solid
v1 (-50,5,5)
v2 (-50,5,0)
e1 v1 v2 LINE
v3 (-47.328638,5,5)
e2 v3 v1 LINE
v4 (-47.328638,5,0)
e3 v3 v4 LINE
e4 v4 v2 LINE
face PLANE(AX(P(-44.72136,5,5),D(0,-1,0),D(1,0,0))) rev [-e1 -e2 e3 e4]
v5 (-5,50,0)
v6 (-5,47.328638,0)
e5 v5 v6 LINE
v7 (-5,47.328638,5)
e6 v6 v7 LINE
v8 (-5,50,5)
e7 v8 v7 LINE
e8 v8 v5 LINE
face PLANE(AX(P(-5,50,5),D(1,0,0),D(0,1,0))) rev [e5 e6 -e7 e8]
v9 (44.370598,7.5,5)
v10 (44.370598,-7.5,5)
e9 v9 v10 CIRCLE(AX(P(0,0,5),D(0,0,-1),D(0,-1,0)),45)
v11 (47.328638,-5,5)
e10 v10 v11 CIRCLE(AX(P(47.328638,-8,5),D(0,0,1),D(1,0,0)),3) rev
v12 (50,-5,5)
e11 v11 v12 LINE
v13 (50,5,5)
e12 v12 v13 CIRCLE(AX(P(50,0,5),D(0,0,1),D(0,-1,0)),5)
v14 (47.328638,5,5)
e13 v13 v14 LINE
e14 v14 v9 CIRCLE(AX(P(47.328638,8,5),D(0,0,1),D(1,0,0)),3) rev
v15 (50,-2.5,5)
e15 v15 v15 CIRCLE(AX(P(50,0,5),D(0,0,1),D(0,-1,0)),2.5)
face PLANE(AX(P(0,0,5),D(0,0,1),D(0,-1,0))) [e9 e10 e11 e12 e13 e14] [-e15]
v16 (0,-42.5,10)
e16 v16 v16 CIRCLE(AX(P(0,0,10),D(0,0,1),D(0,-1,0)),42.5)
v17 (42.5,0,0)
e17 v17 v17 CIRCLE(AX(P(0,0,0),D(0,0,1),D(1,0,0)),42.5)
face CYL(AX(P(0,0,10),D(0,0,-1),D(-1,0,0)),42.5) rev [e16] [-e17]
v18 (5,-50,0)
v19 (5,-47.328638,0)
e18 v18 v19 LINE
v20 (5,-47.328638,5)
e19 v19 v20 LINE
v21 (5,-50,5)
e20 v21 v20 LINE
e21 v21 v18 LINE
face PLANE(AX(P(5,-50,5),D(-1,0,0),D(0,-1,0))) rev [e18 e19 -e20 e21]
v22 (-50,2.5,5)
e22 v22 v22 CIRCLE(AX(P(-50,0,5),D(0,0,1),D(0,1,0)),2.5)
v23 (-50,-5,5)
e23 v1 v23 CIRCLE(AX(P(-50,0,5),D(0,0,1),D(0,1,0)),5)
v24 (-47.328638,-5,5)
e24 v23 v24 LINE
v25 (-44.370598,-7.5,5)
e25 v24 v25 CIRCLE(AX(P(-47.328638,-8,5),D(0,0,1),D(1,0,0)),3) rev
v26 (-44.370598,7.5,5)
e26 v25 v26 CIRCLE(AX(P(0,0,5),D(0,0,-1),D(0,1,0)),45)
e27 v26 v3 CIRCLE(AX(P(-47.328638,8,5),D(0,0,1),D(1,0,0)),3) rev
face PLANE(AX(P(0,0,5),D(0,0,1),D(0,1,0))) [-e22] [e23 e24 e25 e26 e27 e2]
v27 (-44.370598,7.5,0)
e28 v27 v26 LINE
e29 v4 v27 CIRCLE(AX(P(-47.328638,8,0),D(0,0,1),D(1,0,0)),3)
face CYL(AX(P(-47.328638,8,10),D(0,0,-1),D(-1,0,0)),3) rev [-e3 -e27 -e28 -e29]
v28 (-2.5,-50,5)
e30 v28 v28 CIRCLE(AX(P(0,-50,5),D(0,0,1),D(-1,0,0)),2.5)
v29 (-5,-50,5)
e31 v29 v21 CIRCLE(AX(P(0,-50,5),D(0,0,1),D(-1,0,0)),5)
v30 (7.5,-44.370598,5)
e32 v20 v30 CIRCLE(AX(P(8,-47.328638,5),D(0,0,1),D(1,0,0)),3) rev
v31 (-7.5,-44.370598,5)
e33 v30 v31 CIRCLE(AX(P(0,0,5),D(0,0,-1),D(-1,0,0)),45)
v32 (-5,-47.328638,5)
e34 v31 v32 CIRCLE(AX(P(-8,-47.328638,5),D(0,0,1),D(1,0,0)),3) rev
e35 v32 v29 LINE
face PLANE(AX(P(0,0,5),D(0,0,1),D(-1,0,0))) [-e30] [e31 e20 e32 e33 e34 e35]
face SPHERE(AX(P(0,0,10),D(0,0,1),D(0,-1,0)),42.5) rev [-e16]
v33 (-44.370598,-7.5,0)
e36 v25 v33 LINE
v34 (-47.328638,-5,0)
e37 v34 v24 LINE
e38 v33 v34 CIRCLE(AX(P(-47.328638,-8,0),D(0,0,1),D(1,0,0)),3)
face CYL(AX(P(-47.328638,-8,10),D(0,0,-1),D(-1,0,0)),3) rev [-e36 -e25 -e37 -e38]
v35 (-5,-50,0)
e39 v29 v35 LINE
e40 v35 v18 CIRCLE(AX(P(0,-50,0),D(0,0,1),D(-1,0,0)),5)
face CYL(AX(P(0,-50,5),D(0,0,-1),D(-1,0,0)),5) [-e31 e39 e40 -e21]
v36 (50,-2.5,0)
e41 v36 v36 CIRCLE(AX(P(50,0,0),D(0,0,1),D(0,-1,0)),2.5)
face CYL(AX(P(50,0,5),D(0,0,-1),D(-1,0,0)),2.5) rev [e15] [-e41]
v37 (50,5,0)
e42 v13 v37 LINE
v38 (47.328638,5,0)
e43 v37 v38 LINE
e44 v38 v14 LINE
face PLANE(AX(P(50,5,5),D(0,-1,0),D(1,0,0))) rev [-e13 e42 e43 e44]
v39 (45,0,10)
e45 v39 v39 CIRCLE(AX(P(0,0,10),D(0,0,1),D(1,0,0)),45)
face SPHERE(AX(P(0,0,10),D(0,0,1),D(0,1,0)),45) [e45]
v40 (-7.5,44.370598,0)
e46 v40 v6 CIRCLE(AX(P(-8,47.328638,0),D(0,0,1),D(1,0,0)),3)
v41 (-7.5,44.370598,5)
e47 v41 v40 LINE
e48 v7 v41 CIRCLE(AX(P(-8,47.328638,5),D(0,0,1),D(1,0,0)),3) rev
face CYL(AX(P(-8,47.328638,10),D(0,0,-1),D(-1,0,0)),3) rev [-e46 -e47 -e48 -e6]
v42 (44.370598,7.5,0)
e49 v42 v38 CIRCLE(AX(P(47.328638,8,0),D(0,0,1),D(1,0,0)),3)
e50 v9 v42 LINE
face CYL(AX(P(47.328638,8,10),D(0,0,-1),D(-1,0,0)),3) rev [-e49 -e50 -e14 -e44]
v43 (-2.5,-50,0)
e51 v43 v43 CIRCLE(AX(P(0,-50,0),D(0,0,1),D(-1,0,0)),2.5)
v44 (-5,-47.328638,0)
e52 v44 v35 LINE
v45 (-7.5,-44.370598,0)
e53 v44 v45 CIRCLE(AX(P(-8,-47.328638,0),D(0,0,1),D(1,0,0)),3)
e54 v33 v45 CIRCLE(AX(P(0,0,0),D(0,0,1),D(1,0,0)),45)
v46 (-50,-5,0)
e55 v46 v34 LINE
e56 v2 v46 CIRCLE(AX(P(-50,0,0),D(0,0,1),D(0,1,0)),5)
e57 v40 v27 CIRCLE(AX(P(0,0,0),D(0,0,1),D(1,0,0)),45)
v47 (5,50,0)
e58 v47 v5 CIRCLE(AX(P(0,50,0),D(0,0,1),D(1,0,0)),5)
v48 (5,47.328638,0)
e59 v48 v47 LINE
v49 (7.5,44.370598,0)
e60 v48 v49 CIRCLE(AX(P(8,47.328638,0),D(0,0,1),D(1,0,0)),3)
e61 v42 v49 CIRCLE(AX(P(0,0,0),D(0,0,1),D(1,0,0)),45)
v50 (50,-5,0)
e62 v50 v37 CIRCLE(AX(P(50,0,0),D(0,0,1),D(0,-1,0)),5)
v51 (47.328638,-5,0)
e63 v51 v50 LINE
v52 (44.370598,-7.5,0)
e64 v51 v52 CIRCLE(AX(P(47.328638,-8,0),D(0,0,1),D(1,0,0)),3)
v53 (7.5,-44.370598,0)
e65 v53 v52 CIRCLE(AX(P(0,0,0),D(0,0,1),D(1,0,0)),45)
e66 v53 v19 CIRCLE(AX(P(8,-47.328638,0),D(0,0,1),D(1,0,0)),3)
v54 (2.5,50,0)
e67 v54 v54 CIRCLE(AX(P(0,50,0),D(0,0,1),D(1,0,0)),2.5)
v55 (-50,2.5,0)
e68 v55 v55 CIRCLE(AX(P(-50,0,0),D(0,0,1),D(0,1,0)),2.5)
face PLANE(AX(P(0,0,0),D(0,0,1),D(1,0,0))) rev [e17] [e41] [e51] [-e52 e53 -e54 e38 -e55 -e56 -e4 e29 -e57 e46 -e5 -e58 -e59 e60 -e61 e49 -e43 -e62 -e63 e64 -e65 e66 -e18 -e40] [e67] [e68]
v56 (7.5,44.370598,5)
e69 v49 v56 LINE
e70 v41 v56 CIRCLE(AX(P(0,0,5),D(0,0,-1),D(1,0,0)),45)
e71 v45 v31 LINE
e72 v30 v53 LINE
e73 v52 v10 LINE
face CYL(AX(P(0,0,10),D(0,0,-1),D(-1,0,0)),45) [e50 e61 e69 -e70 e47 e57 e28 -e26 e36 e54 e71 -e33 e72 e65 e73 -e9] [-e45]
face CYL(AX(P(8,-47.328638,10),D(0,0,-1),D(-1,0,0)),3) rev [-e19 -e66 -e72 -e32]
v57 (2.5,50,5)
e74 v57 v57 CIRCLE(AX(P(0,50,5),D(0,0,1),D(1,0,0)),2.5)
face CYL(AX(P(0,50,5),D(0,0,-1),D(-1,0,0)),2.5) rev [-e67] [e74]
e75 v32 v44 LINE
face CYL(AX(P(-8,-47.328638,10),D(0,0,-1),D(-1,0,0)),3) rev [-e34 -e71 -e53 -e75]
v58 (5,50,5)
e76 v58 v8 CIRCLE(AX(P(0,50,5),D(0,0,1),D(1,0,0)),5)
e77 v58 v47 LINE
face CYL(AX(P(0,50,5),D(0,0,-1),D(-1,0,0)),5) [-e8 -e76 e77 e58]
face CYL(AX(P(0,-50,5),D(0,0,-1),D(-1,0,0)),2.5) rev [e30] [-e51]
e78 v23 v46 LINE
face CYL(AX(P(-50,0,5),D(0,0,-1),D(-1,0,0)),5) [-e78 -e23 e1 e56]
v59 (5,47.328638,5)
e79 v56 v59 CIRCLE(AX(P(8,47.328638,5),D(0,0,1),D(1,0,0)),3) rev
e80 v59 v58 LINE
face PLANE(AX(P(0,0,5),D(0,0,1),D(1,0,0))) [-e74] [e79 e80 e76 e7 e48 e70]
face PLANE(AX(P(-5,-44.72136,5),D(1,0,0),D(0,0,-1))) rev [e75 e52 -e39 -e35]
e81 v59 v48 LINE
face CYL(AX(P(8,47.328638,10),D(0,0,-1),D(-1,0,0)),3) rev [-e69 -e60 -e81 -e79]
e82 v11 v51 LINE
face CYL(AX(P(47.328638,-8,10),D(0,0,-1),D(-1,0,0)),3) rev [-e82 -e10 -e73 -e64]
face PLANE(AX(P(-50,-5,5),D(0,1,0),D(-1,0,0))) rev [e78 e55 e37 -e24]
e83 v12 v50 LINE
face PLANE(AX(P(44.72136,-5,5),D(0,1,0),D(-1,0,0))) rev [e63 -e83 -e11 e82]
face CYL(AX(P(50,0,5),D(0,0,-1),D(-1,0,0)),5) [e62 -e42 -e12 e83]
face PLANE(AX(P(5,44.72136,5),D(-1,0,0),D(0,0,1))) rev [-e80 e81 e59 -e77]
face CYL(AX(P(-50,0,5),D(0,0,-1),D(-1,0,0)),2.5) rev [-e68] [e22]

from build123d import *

# Parameters (mm, degrees)
SKETCH1_R                = 45
SKETCH1_R_2              = 42.5
BOSS_EXTRUDE1_DEPTH      = 10
SKETCH4_R                = 2.5
BOSS_EXTRUDE2_DEPTH      = 5
FILLET1_R                = 3
CIRPATTERN1_COUNT        = 4
FILLET1_OF_CIRPATTERN1_R = 3


with BuildPart() as part:
    # Sketch1 → Boss-Extrude1 (new body)
    with BuildSketch(Plane.XY):
        Circle(SKETCH1_R)
        Circle(SKETCH1_R_2, mode=Mode.SUBTRACT)
    extrude(amount=BOSS_EXTRUDE1_DEPTH)

    # Sketch3 → Revolve1 (revolve)
    with BuildSketch(Plane(origin=(0, 0, 0), x_dir=(0, 0, -1), z_dir=(1, 0, 0))):
        with BuildLine():
            Line((-55, 0), (-52.5, 0))
            ThreePointArc((-52.5, 0), (-40.0520382, -30.0520382), (-10, -42.5))
            Line((-10, -42.5), (-10, -45))
            ThreePointArc((-10, -45), (-41.819805153, -31.819805153), (-55, 0))
        make_face()
    revolve(axis=Axis((0, 0, 55), (0, 0, -1)))

    # Sketch4 → Boss-Extrude2 (add)
    with BuildSketch(Plane.XY):
        with BuildLine():
            Line((5, 44.72135955), (5, 50))
            ThreePointArc((5, 50), (0, 55), (-5, 50))
            Line((-5, 50), (-5, 44.72135955))
            ThreePointArc((-5, 44.72135955), (0, 45), (5, 44.72135955))
        make_face()
        with Locations((0, 50)):
            Circle(SKETCH4_R, mode=Mode.SUBTRACT)
    boss_extrude2 = extrude(amount=BOSS_EXTRUDE2_DEPTH)

    # Fillet1
    fillet1_edges = [part.edges().sort_by_distance(p)[0] for p in [
        (-5, 44.72135955, 2.5),
        (5, 44.72135955, 2.5),
    ]]
    fillet(fillet1_edges, radius=FILLET1_R)

    # CirPattern1: Boss-Extrude2 ×4 about axis
    cirpattern1_axis = Axis((0, 0, 0), (0, 0, 1))
    for i in range(1, CIRPATTERN1_COUNT):
        add(boss_extrude2.rotate(cirpattern1_axis, i * 360 / CIRPATTERN1_COUNT))

    # Fillet1 of CirPattern1
    fillet1_of_cirpattern1_edges = [part.edges().sort_by_distance(p)[0] for p in [
        (-44.72135955, -5, 2.5),
        (-44.72135955, 5, 2.5),
        (5, -44.72135955, 2.5),
        (-5, -44.72135955, 2.5),
        (44.72135955, 5, 2.5),
        (44.72135955, -5, 2.5),
    ]]
    fillet(fillet1_of_cirpattern1_edges, radius=FILLET1_OF_CIRPATTERN1_R)


solid = part.part
